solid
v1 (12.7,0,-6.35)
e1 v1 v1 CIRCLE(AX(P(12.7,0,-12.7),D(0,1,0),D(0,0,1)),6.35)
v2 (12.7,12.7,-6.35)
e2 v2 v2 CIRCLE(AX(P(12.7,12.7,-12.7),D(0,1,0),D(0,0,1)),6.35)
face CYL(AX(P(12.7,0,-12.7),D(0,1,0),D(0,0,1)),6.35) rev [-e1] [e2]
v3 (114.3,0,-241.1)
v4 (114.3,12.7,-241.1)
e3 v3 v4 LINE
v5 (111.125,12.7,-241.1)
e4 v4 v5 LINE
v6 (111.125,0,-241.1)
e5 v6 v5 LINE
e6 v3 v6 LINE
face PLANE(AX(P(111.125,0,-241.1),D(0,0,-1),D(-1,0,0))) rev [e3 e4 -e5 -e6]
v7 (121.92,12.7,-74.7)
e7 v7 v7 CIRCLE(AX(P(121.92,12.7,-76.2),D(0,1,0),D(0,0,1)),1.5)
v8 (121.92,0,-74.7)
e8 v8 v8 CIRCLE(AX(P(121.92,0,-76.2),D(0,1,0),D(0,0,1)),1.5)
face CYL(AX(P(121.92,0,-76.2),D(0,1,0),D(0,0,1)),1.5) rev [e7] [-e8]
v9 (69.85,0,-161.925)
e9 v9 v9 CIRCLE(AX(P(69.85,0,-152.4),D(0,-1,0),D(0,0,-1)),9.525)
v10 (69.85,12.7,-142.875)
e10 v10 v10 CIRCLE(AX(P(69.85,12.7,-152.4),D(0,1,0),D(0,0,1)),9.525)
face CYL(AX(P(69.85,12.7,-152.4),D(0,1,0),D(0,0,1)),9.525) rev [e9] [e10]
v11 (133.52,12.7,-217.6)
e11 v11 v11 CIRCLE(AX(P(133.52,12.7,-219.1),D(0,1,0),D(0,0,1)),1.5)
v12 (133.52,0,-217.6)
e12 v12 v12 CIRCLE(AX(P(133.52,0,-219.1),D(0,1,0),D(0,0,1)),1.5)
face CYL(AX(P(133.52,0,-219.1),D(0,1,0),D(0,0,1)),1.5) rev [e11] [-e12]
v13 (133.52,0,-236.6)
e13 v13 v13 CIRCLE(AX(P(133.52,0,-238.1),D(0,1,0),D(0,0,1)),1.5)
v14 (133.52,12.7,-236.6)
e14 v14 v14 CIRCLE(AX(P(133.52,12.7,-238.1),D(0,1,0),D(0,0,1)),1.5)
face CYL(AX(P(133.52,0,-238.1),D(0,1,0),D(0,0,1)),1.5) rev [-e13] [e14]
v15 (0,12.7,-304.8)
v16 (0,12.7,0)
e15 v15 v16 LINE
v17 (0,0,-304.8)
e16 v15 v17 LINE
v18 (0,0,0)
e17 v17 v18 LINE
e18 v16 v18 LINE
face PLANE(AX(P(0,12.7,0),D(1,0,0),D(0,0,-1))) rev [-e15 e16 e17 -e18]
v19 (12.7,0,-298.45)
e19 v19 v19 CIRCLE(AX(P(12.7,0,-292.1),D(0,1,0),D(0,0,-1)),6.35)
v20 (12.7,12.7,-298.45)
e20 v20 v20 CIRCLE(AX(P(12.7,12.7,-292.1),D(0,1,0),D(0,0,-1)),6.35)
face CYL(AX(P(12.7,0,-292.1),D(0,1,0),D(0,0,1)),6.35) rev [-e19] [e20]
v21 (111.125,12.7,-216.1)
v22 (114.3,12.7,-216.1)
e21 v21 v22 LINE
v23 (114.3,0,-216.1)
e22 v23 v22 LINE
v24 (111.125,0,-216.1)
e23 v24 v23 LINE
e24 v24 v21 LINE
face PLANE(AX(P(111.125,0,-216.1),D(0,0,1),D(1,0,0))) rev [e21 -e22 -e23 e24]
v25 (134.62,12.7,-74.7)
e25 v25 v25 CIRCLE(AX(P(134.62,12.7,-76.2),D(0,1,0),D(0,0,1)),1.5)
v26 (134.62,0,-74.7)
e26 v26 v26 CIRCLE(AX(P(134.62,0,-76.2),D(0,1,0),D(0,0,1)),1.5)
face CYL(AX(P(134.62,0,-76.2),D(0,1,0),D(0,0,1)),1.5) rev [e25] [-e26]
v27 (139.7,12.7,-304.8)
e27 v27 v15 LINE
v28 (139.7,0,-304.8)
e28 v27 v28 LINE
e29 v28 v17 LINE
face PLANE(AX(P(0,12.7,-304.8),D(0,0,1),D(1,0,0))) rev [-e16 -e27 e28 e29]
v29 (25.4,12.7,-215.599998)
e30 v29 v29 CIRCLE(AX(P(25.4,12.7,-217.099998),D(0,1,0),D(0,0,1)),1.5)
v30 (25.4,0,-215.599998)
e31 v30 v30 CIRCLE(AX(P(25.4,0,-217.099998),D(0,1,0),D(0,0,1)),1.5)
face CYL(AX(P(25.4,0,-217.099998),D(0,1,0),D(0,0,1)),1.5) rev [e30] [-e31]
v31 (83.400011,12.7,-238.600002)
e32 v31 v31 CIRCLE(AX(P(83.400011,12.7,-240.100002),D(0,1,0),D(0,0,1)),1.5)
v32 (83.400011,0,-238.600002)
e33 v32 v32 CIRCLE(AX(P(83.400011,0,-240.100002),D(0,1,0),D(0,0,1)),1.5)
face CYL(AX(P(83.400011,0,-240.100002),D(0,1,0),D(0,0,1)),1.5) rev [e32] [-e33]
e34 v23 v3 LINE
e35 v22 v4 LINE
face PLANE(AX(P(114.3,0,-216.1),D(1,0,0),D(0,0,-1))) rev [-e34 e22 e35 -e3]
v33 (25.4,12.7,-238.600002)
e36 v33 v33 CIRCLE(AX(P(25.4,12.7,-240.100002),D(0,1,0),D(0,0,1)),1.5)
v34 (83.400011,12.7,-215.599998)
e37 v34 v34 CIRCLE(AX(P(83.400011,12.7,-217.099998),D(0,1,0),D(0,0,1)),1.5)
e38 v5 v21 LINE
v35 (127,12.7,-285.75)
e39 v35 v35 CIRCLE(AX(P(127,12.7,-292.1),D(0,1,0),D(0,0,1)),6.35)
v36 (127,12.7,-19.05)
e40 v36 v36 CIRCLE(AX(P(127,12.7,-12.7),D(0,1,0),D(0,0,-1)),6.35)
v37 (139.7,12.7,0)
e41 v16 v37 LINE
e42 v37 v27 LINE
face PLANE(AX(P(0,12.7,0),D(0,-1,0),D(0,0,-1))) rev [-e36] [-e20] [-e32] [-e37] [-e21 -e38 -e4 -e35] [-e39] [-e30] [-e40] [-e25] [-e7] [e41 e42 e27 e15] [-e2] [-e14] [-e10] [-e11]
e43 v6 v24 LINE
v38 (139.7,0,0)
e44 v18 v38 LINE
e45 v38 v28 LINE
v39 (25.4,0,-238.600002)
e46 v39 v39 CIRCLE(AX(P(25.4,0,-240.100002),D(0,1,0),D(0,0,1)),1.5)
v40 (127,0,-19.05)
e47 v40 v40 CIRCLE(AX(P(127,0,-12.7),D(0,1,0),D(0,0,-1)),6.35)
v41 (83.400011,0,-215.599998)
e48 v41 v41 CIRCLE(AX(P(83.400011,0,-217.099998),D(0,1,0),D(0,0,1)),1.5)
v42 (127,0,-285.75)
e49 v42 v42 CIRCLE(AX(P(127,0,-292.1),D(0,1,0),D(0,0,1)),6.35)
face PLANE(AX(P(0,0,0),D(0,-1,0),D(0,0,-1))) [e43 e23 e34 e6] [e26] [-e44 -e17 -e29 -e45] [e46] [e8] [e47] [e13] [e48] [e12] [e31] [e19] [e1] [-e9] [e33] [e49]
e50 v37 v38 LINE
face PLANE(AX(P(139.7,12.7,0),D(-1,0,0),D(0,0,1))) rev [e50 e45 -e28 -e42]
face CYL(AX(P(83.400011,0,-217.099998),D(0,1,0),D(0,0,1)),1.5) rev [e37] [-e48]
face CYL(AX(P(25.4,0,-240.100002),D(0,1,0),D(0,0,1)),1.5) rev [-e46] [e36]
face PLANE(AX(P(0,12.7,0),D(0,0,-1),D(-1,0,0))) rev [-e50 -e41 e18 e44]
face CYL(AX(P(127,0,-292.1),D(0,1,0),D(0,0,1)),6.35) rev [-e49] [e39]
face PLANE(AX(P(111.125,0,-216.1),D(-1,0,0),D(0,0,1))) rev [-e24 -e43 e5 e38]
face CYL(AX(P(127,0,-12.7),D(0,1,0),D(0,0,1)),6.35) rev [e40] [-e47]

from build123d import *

# Parameters (mm, degrees)
SKETCH1_W                      = 139.7
SKETCH1_H                      = 304.8
BOSS_EXTRUDE1_DEPTH            = 12.7
SKETCH5_R                      = 6.35
CUT_EXTRUDE2_DEPTH             = 13.7
F_3_4_0_7500_DOWEL_HOLE1_D     = 19.05
F_3_4_0_7500_DOWEL_HOLE1_DEPTH = 25.4
F_3_4_0_7500_DOWEL_HOLE1_TIP   = 5.723197396
SKETCH10_R                     = 1.5
CUT_EXTRUDE3_DEPTH             = 13.7
SKETCH11_R                     = 1.5
CUT_EXTRUDE4_DEPTH             = 13.7
SKETCH12_R                     = 1.5
SKETCH12_W                     = 3.175
SKETCH12_H                     = 25
CUT_EXTRUDE6_DEPTH             = 13.7


with BuildPart() as part:
    # Sketch1 → Boss-Extrude1 (new body)
    with BuildSketch(Plane(origin=(0, 0, 0), x_dir=(1, 0, 0), z_dir=(0, 1, 0))):
        with Locations((69.85, 152.4)):
            Rectangle(SKETCH1_W, SKETCH1_H)
    extrude(amount=BOSS_EXTRUDE1_DEPTH)

    # Sketch5 → Cut-Extrude2 (cut, through all)
    with BuildSketch(Plane(origin=(0, 12.7, 0), x_dir=(1, 0, 0), z_dir=(0, 1, 0))):
        with Locations((12.7, 12.7)):
            Circle(SKETCH5_R)
        with Locations((127, 12.7)):
            Circle(SKETCH5_R)
        with Locations((127, 292.1)):
            Circle(SKETCH5_R)
        with Locations((12.7, 292.1)):
            Circle(SKETCH5_R)
    extrude(amount=-CUT_EXTRUDE2_DEPTH, mode=Mode.SUBTRACT)

    # 3/4 (0.7500) Dowel Hole1
    with Locations(Plane(origin=(69.85, 12.7, -152.4), x_dir=(0, 0, 1), z_dir=(0, 1, 0))):
        with Locations((0, 0)):
            Hole(F_3_4_0_7500_DOWEL_HOLE1_D / 2, depth=F_3_4_0_7500_DOWEL_HOLE1_DEPTH)
            with Locations((0, 0, -(F_3_4_0_7500_DOWEL_HOLE1_DEPTH + F_3_4_0_7500_DOWEL_HOLE1_TIP / 2))):  # 118° drill point
                Cone(0, F_3_4_0_7500_DOWEL_HOLE1_D / 2, F_3_4_0_7500_DOWEL_HOLE1_TIP, mode=Mode.SUBTRACT)

    # Sketch10 → Cut-Extrude3 (cut, through all)
    with BuildSketch(Plane(origin=(0, 12.7, 0), x_dir=(1, 0, 0), z_dir=(0, 1, 0))):
        with Locations((25.4, 217.0999976)):
            Circle(SKETCH10_R)
        with Locations((25.4, 240.1000024)):
            Circle(SKETCH10_R)
        with Locations((83.400011, 240.1000024)):
            Circle(SKETCH10_R)
        with Locations((83.400011, 217.0999976)):
            Circle(SKETCH10_R)
    extrude(amount=-CUT_EXTRUDE3_DEPTH, mode=Mode.SUBTRACT)

    # Sketch11 → Cut-Extrude4 (cut, through all)
    with BuildSketch(Plane(origin=(0, 12.7, 0), x_dir=(1, 0, 0), z_dir=(0, 1, 0))):
        with Locations((134.62, 76.2)):
            Circle(SKETCH11_R)
        with Locations((121.92, 76.2)):
            Circle(SKETCH11_R)
    extrude(amount=-CUT_EXTRUDE4_DEPTH, mode=Mode.SUBTRACT)

    # Sketch12 → Cut-Extrude6 (cut, through all)
    with BuildSketch(Plane(origin=(0, 12.7, 0), x_dir=(1, 0, 0), z_dir=(0, 1, 0))):
        with Locations((133.52, 219.09999995)):
            Circle(SKETCH12_R)
        with Locations((133.52, 238.10000005)):
            Circle(SKETCH12_R)
        with Locations((112.7125, 228.6)):
            Rectangle(SKETCH12_W, SKETCH12_H)
    extrude(amount=-CUT_EXTRUDE6_DEPTH, mode=Mode.SUBTRACT)


solid = part.part
